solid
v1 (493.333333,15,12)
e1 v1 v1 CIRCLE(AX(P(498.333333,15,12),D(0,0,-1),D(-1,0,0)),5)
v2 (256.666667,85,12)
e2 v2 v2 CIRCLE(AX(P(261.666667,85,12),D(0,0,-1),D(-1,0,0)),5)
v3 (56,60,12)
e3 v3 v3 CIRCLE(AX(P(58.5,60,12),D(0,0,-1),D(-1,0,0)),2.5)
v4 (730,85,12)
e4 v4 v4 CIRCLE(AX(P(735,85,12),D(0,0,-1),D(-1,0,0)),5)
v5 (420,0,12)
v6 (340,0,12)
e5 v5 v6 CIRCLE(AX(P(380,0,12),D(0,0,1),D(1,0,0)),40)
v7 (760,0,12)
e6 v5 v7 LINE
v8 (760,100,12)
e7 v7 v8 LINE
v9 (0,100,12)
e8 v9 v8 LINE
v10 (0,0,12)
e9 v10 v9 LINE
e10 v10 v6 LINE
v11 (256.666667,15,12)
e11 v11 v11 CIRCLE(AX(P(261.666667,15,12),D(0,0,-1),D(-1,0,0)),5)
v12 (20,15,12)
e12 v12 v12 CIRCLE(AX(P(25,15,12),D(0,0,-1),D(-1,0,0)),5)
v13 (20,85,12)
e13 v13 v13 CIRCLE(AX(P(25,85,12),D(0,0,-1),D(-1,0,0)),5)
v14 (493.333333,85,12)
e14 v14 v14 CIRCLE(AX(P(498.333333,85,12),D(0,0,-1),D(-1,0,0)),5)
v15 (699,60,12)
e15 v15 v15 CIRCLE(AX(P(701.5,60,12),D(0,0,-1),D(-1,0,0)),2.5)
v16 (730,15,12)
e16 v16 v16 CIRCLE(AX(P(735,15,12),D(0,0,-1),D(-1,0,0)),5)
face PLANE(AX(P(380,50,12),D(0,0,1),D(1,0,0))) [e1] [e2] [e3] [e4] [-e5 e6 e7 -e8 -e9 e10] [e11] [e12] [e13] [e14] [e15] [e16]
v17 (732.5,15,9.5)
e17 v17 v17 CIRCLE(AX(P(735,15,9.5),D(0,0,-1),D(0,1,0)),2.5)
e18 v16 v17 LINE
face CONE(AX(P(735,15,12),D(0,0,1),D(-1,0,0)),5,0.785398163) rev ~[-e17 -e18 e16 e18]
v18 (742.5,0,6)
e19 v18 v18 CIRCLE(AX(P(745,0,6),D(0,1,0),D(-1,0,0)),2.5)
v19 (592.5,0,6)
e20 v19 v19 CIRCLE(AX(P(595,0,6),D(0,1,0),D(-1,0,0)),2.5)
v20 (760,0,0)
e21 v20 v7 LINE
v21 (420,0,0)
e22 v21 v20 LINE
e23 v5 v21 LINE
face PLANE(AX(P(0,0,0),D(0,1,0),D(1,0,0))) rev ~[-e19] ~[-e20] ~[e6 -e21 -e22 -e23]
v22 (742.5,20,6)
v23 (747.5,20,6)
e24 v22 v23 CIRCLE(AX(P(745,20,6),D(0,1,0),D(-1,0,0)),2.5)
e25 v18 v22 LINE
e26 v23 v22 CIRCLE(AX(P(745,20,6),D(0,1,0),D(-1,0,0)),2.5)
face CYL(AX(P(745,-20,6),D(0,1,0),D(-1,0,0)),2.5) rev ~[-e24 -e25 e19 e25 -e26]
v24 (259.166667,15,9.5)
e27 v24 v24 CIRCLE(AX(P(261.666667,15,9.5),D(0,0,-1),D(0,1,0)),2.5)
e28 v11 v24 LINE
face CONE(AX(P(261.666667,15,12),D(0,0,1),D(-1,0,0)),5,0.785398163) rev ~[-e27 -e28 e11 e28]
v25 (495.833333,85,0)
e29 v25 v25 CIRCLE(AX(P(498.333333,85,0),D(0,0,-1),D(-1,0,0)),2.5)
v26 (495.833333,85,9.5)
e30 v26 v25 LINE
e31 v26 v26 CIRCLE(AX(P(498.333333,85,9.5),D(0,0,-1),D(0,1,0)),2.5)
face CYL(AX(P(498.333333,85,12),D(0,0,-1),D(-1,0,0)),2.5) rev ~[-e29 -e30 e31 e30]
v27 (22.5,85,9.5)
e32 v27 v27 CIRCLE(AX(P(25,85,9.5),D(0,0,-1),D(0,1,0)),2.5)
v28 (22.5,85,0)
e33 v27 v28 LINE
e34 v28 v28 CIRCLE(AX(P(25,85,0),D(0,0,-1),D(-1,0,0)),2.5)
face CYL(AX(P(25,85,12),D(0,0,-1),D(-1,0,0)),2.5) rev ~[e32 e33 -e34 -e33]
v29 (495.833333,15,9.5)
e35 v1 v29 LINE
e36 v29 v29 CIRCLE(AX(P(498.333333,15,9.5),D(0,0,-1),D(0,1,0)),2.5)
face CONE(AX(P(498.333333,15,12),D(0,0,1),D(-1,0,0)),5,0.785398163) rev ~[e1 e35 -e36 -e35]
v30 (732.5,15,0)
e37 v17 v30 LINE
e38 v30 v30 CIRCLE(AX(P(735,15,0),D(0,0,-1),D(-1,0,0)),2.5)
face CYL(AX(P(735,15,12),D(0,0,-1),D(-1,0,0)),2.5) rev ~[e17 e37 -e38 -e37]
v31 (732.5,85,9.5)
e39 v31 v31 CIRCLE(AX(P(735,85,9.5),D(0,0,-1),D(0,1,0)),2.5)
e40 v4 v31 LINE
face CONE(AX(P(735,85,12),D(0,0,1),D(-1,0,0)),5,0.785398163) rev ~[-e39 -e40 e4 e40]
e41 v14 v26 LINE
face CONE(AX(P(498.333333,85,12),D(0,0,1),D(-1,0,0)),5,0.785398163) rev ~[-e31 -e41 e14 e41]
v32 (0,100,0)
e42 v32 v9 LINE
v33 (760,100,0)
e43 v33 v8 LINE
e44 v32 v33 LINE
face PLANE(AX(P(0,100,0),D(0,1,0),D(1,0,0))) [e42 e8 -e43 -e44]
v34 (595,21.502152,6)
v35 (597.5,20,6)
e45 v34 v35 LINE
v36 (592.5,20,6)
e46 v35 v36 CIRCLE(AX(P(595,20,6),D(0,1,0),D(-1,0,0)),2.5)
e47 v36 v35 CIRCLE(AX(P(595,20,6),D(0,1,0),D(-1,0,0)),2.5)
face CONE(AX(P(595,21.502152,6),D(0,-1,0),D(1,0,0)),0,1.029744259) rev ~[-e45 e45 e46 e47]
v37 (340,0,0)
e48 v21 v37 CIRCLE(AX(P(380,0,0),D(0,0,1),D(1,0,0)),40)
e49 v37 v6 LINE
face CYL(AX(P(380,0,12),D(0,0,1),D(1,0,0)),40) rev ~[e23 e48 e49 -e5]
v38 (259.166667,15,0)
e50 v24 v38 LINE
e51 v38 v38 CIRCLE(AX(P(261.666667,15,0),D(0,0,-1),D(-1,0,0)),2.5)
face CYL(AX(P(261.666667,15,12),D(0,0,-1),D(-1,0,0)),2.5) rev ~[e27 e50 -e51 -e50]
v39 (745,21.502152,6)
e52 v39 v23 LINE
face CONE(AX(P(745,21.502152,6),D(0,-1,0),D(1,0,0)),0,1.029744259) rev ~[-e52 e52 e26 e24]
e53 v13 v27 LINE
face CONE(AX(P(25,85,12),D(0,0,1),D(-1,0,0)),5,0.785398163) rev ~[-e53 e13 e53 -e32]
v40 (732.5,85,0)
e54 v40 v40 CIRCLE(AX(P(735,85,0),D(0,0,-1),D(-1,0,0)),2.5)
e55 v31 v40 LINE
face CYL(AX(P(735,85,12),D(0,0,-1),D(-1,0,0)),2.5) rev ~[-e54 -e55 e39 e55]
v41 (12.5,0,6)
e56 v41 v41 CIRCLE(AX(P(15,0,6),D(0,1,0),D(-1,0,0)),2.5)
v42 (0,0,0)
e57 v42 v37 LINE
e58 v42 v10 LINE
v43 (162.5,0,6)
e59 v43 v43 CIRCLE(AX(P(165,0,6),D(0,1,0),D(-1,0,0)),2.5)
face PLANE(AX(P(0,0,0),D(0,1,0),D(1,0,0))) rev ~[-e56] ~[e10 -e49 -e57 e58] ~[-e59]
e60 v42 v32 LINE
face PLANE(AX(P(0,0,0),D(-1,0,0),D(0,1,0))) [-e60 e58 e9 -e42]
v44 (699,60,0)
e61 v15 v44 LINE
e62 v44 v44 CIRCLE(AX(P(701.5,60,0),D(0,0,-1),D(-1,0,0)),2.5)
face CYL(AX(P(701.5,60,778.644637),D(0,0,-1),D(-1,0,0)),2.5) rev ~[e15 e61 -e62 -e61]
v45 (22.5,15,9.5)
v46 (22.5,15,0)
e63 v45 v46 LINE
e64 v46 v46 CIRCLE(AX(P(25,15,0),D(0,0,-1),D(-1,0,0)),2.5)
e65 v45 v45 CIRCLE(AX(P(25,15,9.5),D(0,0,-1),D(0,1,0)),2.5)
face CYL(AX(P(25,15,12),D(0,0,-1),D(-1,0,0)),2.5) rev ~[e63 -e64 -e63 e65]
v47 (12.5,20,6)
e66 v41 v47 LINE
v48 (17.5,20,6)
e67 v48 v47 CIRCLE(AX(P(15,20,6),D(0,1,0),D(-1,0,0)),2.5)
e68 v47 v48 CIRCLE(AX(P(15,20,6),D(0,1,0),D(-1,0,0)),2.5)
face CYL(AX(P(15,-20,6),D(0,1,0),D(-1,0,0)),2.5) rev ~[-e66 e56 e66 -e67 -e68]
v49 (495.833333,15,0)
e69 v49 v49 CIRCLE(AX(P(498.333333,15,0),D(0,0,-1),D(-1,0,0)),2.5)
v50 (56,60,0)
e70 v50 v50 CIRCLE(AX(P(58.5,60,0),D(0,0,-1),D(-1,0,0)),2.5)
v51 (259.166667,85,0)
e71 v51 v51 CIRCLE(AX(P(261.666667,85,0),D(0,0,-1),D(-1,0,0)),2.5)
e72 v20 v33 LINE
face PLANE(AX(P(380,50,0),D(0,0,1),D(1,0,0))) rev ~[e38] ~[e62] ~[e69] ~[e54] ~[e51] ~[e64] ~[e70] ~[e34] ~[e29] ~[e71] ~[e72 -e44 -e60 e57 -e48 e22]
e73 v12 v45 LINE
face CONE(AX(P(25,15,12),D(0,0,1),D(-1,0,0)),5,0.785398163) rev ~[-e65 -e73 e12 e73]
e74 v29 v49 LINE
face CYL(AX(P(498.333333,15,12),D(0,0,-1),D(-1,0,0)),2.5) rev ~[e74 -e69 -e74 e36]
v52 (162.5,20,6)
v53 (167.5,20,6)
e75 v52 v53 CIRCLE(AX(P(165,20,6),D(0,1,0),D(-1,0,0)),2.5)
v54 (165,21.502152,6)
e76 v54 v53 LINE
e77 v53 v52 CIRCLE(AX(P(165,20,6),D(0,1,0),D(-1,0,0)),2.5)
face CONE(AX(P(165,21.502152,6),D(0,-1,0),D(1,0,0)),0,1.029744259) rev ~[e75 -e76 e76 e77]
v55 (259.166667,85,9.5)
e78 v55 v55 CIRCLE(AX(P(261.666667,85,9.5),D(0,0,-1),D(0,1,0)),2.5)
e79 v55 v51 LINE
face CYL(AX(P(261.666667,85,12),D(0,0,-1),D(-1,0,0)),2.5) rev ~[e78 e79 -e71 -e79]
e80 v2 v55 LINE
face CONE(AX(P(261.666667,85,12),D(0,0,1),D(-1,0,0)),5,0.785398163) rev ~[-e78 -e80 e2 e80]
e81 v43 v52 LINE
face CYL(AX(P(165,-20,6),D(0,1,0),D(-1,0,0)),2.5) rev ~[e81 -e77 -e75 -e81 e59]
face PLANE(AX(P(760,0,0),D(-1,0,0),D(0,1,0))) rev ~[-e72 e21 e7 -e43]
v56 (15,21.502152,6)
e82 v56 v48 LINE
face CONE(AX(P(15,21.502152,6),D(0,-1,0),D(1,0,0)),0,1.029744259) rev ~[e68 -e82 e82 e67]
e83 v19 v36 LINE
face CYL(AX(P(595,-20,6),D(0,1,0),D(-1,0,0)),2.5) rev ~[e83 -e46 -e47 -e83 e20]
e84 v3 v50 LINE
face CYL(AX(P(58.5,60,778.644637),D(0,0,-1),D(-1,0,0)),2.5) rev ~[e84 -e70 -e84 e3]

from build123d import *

# Parameters (mm, degrees)
F0_W            = 760
F0_H            = 100
F1_DEPTH        = 12
F3_D            = 5
F4_R            = 40
F5_DEPTH        = 25
F8_D            = 5
F8_DEPTH        = 20
F8_TIP          = 1.5021515476
F8_ON_F7_D      = 5
F8_ON_F7_DEPTH  = 20
F8_ON_F7_TIP    = 1.5021515476
F10_D           = 5
F10_CSINK_D     = 10
F10_CSINK_ANGLE = 90


with BuildPart() as f1:
    # F0 (on Top) → F1 (new body)
    with BuildSketch(Plane.XY):
        with Locations((380, 50)):
            Rectangle(F0_W, F0_H)
    extrude(amount=F1_DEPTH)

    # F3 (through all)
    with Locations(Plane.XY.offset(12)):
        with Locations((58.5, 60), (701.5, 60)):
            Hole(F3_D / 2)

    # F4 (on face) → F5 (cut)
    with BuildSketch(Plane.XY.offset(12)):
        with Locations((380, 0)):
            Circle(F4_R)
    extrude(amount=-F5_DEPTH, mode=Mode.SUBTRACT)

    # F8
    with Locations(Plane.XZ):
        with Locations((15, 6), (165, 6)):
            Hole(F8_D / 2, depth=F8_DEPTH)
            with Locations((0, 0, -(F8_DEPTH + F8_TIP / 2))):  # 118° drill point
                Cone(0, F8_D / 2, F8_TIP, mode=Mode.SUBTRACT)

    # F8 on F7
    with Locations(Plane.XZ):
        with Locations((595, 6), (745, 6)):
            Hole(F8_ON_F7_D / 2, depth=F8_ON_F7_DEPTH)
            with Locations((0, 0, -(F8_ON_F7_DEPTH + F8_ON_F7_TIP / 2))):  # 118° drill point
                Cone(0, F8_ON_F7_D / 2, F8_ON_F7_TIP, mode=Mode.SUBTRACT)

    # F10 (through all)
    with Locations(Plane.XY.offset(12)):
        with Locations((25, 15), (25, 85), (261.6666666667, 15), (261.6666666667, 85), (498.3333333333, 15), (498.3333333333, 85), (735, 85), (735, 15)):
            CounterSinkHole(F10_D / 2, F10_CSINK_D / 2, counter_sink_angle=F10_CSINK_ANGLE)


solid = f1.part
